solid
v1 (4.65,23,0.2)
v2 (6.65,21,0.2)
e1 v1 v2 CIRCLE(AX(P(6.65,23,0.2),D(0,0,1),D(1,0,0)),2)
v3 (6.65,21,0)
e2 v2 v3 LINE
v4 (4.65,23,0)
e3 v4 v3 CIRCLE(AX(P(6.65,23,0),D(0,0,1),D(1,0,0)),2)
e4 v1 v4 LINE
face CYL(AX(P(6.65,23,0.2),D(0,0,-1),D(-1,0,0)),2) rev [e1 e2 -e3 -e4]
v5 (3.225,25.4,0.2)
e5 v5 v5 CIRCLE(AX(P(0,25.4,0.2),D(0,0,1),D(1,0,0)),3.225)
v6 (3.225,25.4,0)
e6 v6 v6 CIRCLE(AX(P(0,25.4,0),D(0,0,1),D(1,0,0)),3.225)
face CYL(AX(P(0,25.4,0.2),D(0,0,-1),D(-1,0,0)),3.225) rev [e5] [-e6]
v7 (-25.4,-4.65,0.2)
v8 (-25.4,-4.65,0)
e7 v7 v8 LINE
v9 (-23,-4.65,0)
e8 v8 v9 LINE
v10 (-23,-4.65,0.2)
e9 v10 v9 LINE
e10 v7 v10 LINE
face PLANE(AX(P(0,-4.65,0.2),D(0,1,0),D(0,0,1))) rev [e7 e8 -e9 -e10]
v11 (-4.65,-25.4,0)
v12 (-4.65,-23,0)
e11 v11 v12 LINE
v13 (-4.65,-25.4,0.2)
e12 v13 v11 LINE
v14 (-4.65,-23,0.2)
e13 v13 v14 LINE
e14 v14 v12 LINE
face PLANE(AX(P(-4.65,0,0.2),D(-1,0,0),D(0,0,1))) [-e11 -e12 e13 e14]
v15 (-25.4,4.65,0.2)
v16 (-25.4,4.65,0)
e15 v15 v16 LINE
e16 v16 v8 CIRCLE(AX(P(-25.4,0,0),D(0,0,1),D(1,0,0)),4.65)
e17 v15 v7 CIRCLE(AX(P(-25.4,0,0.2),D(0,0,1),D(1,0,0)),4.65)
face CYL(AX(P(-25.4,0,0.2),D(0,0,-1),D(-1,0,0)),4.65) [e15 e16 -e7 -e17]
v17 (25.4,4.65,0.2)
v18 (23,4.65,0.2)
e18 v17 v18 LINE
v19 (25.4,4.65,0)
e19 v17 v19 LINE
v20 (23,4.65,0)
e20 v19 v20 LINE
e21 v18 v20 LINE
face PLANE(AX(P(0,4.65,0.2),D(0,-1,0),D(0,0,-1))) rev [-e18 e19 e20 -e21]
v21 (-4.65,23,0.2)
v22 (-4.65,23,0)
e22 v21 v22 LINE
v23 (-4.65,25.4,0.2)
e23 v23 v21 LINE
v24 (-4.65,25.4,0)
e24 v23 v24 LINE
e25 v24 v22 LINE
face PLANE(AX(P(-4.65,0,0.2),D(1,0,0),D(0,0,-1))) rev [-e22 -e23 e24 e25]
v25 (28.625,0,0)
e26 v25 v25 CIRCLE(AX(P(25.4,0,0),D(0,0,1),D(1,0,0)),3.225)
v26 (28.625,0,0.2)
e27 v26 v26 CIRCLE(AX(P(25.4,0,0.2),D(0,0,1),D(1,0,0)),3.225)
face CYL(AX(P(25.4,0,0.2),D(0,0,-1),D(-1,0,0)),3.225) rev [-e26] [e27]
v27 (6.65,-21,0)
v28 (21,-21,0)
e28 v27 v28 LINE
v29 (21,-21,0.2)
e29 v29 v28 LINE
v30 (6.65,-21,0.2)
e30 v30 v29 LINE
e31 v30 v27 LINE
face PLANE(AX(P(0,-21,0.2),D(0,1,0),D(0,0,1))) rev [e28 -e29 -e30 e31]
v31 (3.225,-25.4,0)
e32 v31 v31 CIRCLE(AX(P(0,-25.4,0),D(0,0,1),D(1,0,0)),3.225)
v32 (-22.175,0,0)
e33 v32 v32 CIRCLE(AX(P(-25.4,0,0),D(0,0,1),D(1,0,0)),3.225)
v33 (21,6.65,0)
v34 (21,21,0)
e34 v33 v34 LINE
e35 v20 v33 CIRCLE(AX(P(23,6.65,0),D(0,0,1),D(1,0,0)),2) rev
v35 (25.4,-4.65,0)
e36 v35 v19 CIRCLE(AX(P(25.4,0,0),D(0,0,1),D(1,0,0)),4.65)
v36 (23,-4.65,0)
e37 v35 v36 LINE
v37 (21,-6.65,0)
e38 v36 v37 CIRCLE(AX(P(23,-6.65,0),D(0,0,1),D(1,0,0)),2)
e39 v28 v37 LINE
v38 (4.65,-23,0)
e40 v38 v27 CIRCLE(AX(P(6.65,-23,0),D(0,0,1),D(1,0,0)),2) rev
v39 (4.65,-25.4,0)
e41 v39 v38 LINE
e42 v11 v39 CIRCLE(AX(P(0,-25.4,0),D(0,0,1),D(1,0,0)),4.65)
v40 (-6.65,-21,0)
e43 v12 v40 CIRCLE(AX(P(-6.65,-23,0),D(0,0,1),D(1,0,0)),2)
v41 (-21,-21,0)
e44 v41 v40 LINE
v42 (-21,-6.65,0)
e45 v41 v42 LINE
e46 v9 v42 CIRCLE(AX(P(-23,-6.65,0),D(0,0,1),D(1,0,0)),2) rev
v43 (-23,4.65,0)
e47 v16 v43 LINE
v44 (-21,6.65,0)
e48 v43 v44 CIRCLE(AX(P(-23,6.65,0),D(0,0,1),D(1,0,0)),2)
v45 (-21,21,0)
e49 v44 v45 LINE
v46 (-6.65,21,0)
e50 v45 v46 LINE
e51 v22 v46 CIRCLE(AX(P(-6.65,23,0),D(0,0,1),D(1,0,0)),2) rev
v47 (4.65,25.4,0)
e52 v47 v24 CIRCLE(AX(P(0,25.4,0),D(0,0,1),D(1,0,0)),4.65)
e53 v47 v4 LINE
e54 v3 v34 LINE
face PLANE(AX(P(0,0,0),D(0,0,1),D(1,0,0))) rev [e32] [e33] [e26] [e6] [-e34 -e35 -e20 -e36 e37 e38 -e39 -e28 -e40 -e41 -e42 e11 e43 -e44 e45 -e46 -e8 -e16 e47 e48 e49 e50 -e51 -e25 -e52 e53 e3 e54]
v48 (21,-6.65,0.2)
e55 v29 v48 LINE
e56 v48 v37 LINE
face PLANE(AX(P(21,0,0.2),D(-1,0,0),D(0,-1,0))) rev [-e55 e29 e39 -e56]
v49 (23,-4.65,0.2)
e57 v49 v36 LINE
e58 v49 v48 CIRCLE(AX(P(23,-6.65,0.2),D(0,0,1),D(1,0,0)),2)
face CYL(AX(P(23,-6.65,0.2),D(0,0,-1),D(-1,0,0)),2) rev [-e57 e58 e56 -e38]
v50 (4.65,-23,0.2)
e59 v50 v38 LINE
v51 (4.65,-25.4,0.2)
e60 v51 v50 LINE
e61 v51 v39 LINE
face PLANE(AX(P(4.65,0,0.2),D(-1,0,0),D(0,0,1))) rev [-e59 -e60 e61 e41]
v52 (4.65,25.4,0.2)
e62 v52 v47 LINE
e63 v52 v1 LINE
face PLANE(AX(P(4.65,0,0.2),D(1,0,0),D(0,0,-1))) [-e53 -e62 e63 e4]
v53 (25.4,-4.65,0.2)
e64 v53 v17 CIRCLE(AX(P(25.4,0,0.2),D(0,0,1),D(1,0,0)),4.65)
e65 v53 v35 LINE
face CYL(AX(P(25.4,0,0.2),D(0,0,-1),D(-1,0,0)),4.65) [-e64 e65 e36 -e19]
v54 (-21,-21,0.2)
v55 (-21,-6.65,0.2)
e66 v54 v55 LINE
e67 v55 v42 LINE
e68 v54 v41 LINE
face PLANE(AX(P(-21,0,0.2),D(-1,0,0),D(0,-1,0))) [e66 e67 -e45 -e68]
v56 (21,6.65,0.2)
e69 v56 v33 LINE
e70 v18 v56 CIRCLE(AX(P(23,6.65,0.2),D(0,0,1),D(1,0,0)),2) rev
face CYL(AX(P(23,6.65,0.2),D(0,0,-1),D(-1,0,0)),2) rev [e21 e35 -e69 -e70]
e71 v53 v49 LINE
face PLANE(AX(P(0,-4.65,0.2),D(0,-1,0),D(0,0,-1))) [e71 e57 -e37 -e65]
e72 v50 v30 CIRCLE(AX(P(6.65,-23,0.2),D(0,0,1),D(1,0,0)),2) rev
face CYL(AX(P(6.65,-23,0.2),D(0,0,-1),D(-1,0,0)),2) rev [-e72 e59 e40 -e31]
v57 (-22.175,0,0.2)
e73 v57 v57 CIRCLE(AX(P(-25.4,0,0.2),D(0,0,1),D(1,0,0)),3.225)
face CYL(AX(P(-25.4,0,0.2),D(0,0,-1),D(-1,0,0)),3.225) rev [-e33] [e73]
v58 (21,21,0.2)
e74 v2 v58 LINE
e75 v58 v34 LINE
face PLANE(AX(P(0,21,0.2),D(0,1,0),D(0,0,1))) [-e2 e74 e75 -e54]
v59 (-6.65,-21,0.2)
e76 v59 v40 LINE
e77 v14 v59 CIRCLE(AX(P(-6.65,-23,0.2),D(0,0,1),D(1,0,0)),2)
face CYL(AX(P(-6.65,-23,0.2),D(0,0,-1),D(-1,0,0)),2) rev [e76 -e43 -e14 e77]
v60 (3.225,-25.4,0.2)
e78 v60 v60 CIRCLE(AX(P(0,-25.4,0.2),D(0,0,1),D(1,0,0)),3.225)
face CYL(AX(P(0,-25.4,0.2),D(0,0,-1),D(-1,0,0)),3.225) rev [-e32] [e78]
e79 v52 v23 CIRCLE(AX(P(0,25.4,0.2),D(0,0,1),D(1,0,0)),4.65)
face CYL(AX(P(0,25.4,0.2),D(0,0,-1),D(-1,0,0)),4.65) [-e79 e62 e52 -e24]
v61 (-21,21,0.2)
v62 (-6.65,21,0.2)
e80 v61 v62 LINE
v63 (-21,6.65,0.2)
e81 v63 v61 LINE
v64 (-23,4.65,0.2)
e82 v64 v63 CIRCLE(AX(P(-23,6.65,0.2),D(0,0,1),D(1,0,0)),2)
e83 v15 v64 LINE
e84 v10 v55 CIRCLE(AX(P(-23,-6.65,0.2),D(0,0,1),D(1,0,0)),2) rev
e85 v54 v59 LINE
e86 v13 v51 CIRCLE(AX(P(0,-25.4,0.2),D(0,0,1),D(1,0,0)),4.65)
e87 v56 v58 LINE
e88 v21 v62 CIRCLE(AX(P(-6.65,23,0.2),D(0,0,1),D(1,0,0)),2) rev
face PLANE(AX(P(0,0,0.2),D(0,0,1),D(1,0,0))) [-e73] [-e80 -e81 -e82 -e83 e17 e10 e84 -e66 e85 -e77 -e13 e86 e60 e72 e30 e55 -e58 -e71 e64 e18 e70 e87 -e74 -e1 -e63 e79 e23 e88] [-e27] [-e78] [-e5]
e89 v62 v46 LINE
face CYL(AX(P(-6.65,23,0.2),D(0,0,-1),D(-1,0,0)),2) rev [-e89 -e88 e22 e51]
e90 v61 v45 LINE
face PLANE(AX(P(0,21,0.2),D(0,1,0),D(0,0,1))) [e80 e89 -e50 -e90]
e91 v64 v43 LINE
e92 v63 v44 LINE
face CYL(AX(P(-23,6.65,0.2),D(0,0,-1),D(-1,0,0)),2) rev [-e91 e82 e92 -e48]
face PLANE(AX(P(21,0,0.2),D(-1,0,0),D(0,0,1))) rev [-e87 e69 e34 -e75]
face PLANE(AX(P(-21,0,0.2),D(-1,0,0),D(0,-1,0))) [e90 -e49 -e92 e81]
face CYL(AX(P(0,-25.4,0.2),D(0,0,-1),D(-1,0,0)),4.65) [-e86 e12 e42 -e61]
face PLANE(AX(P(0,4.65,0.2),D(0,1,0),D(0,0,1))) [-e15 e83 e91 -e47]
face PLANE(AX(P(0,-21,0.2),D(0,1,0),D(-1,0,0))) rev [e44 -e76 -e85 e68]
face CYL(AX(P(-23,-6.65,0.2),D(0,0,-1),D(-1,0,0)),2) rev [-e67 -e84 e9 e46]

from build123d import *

# Parameters (mm, degrees)
SKETCH1_R           = 3.225
BOSS_EXTRUDE1_DEPTH = 0.2


with BuildPart() as part:
    # Sketch1 → Boss-Extrude1 (new body)
    with BuildSketch(Plane.XY):
        with BuildLine():
            ThreePointArc((4.65, 25.4), (0, 30.05), (-4.65, 25.4))
            Line((-4.65, 25.4), (-4.65, 23))
            ThreePointArc((-4.65, 23), (-5.235786438, 21.585786438), (-6.65, 21))
            Line((-6.65, 21), (-8.759132098, 21))
            Line((-8.759132098, 21), (-21, 21))
            Line((-21, 21), (-21, 7.133487824))
            Line((-21, 7.133487824), (-21, 6.65))
            ThreePointArc((-21, 6.65), (-21.585786438, 5.235786438), (-23, 4.65))
            Line((-23, 4.65), (-25.4, 4.65))
            ThreePointArc((-25.4, 4.65), (-30.05, 0), (-25.4, -4.65))
            Line((-25.4, -4.65), (-23, -4.65))
            ThreePointArc((-23, -4.65), (-21.585786438, -5.235786438), (-21, -6.65))
            Line((-21, -6.65), (-21, -8.759132098))
            Line((-21, -8.759132098), (-21, -21))
            Line((-21, -21), (-7.133487824, -21))
            Line((-7.133487824, -21), (-6.65, -21))
            ThreePointArc((-6.65, -21), (-5.235786438, -21.585786438), (-4.65, -23))
            Line((-4.65, -23), (-4.65, -25.4))
            ThreePointArc((-4.65, -25.4), (0, -30.05), (4.65, -25.4))
            Line((4.65, -25.4), (4.65, -23))
            ThreePointArc((4.65, -23), (5.235786438, -21.585786438), (6.65, -21))
            Line((6.65, -21), (8.759132098, -21))
            Line((8.759132098, -21), (21, -21))
            Line((21, -21), (21, -7.133487824))
            Line((21, -7.133487824), (21, -6.65))
            ThreePointArc((21, -6.65), (21.585786438, -5.235786438), (23, -4.65))
            Line((23, -4.65), (25.4, -4.65))
            ThreePointArc((25.4, -4.65), (30.05, 0), (25.4, 4.65))
            Line((25.4, 4.65), (23, 4.65))
            ThreePointArc((23, 4.65), (21.585786438, 5.235786438), (21, 6.65))
            Line((21, 6.65), (21, 8.759132098))
            Line((21, 8.759132098), (21, 21))
            Line((21, 21), (7.133487824, 21))
            Line((7.133487824, 21), (6.65, 21))
            ThreePointArc((6.65, 21), (5.235786438, 21.585786438), (4.65, 23))
            Line((4.65, 23), (4.65, 25.4))
        make_face()
        with Locations((0, -25.4)):
            Circle(SKETCH1_R, mode=Mode.SUBTRACT)
        with Locations((25.4, 0)):
            Circle(SKETCH1_R, mode=Mode.SUBTRACT)
        with Locations((-25.4, 0)):
            Circle(SKETCH1_R, mode=Mode.SUBTRACT)
        with Locations((0, 25.4)):
            Circle(SKETCH1_R, mode=Mode.SUBTRACT)
    extrude(amount=BOSS_EXTRUDE1_DEPTH)


solid = part.part
